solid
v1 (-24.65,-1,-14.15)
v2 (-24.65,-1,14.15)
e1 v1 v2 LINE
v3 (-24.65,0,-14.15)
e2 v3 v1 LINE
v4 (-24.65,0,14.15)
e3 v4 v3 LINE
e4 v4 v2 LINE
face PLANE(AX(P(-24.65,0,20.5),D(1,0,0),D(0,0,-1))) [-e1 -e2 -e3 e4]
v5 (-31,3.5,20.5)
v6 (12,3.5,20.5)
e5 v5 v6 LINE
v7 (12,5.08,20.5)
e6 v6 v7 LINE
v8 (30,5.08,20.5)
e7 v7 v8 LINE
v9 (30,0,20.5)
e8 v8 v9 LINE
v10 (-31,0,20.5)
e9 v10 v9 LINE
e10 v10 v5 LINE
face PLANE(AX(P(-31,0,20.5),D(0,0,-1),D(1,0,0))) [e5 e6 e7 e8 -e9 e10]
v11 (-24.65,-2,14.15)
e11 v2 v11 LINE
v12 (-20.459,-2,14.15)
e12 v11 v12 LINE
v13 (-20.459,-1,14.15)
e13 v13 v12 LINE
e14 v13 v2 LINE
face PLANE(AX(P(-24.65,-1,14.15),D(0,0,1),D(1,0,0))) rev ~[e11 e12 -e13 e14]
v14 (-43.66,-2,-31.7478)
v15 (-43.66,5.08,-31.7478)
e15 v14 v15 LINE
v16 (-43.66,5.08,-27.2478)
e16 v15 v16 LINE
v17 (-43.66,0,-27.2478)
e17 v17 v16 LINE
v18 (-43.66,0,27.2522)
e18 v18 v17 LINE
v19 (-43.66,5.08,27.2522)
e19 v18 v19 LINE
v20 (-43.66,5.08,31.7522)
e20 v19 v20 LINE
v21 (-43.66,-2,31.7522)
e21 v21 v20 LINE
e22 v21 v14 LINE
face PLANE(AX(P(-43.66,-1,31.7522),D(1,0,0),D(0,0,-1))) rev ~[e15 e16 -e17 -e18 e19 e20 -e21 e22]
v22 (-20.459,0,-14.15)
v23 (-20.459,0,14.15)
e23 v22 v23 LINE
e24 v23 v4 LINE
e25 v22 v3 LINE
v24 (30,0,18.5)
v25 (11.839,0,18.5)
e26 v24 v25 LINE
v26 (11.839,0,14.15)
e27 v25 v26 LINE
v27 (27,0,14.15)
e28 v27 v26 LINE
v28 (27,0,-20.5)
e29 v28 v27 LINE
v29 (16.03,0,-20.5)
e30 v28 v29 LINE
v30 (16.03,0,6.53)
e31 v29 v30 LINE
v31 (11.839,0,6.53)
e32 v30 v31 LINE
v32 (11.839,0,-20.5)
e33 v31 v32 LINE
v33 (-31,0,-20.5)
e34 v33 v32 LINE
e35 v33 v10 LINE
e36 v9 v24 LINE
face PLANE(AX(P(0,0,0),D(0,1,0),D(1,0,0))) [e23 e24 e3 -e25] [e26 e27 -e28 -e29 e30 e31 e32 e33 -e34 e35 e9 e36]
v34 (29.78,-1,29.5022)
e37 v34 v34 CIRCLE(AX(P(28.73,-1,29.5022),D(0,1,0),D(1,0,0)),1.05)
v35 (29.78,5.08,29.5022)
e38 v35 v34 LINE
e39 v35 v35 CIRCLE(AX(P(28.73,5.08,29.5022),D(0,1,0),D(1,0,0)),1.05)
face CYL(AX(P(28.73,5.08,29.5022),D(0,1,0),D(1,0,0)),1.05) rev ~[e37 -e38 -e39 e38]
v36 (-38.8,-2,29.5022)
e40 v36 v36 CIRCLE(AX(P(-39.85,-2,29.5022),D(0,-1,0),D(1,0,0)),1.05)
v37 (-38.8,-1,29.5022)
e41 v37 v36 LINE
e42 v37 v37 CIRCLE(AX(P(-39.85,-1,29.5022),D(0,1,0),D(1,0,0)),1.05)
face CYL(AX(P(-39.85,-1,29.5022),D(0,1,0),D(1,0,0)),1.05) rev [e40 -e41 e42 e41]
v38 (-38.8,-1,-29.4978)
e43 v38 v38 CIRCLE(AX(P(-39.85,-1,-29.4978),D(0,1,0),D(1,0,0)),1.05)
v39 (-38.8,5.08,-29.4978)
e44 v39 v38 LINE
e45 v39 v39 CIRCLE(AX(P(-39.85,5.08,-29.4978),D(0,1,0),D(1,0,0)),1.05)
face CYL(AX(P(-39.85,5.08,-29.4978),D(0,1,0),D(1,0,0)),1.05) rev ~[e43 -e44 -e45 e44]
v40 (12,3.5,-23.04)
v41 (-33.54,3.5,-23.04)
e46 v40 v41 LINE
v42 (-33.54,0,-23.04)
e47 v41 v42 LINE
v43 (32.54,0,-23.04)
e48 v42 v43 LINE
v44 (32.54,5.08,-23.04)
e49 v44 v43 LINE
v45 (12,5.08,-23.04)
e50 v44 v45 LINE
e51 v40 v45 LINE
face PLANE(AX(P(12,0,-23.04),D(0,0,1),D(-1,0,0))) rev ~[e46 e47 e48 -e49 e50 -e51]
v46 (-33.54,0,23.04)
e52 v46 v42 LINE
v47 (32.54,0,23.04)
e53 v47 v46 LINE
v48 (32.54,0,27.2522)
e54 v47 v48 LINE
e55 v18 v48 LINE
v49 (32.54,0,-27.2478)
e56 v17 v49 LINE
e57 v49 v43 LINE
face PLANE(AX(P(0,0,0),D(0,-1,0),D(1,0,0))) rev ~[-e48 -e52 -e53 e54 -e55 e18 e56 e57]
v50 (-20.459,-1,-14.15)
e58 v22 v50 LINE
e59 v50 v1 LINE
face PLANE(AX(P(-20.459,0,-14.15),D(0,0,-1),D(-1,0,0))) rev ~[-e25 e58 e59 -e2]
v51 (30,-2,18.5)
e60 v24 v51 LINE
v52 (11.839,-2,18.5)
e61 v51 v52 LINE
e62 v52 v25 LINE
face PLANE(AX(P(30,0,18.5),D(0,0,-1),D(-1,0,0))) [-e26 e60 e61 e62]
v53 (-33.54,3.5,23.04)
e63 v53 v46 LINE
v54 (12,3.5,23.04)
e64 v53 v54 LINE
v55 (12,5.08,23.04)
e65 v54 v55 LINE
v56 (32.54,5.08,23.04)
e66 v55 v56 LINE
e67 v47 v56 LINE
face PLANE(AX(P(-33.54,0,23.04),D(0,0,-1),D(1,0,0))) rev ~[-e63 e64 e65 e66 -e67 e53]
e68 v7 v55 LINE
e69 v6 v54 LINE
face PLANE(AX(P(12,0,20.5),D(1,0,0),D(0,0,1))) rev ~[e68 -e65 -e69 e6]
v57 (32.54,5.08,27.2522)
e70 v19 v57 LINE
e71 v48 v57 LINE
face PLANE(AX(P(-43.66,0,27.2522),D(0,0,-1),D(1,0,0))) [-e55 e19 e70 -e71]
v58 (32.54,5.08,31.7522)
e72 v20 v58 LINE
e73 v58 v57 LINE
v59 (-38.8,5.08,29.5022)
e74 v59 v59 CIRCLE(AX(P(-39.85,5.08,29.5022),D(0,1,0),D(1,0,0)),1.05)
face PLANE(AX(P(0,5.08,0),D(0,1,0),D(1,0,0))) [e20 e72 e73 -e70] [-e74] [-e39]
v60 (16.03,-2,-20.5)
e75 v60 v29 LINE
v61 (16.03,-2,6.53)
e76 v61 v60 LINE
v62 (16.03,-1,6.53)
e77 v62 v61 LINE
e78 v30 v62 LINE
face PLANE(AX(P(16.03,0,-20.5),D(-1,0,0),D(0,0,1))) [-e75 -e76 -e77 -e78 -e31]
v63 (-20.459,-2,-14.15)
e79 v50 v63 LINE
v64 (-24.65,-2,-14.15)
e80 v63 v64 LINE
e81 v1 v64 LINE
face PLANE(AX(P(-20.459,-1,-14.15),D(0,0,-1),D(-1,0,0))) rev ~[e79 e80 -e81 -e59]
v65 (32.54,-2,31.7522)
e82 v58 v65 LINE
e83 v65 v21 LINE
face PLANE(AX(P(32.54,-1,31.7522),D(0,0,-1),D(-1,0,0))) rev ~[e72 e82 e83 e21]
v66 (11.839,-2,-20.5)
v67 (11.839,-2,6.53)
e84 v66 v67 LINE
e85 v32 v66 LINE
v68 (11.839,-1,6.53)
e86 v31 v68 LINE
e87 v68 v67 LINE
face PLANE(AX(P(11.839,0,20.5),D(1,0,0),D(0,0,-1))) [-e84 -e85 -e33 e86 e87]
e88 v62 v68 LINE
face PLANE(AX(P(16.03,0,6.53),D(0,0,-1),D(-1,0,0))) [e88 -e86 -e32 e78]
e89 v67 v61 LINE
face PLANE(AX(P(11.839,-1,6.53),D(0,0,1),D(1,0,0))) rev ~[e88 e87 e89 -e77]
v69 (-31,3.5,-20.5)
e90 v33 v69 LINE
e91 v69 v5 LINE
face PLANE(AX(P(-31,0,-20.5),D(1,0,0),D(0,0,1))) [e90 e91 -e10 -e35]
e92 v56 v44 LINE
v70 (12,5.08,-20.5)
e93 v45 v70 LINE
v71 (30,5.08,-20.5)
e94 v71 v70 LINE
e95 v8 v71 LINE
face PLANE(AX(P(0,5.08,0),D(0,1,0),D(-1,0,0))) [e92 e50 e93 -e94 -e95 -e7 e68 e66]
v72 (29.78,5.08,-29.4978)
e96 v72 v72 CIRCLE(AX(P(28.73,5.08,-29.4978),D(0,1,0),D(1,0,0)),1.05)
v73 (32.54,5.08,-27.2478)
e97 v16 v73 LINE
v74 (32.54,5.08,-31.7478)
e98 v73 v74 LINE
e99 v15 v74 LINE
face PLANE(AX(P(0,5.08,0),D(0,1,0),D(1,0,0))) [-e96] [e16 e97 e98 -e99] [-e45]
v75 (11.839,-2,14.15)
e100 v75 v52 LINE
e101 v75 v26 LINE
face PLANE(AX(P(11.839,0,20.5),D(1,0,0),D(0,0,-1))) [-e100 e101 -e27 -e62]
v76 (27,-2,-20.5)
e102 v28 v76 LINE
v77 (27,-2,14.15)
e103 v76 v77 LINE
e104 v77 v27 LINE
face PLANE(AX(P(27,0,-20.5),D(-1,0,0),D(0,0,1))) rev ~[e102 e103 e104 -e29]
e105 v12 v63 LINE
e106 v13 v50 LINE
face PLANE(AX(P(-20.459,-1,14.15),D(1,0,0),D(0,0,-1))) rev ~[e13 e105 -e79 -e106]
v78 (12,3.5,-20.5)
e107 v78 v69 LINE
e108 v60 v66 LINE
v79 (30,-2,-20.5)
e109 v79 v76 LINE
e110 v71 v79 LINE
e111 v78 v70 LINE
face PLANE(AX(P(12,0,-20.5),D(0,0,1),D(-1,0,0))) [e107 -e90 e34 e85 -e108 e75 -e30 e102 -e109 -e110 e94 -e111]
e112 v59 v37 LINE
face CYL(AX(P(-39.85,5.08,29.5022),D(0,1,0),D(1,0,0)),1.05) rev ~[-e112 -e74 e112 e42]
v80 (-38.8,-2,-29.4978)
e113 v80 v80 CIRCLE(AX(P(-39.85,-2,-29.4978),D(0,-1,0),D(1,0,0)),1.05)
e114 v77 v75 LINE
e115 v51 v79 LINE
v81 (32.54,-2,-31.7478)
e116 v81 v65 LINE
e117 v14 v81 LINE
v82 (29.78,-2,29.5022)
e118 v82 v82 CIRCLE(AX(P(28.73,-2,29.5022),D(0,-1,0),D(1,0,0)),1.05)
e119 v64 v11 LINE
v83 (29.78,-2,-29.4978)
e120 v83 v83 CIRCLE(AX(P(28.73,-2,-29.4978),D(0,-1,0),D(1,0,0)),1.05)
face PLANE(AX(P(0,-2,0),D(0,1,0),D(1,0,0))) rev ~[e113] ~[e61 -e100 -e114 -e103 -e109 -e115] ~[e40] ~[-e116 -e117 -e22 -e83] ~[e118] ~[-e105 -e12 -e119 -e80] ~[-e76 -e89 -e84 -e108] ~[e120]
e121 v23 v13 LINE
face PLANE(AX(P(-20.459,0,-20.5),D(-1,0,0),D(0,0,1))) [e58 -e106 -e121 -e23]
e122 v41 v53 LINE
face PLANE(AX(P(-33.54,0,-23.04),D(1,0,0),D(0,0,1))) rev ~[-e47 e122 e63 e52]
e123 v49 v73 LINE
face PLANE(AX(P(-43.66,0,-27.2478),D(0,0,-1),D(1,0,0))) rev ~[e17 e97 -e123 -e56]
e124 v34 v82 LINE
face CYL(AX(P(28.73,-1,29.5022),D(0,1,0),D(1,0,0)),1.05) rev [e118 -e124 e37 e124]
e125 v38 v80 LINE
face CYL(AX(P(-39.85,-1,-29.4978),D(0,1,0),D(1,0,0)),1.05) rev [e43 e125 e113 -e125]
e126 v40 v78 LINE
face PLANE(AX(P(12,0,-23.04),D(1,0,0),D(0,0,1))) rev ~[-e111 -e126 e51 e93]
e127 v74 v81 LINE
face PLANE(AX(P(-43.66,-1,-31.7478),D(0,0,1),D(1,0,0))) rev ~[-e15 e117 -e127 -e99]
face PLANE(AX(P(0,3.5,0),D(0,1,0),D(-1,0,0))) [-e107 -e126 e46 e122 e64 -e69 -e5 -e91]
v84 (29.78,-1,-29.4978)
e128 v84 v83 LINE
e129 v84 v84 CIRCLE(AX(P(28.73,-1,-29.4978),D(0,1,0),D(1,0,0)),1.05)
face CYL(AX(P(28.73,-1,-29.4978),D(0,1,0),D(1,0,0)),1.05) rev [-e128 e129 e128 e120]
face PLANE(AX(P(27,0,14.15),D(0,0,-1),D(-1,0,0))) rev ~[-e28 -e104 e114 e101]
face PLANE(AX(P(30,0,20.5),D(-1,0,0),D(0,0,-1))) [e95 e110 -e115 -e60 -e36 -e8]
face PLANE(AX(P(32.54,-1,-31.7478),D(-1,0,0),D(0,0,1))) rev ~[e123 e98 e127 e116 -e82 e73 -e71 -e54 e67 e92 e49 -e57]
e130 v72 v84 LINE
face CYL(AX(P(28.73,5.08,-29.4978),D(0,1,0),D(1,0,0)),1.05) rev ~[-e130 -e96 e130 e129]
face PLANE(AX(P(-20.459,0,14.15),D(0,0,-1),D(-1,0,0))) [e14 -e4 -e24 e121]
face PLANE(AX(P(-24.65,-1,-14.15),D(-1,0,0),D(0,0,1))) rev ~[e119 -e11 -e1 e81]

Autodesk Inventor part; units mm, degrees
ref_plane "YZ Plane" through (0, 0, 0) normal (1, 0, 0) x (0, 1, 0)
ref_plane "XZ Plane" through (0, 0, 0) normal (0, 1, 0) x (-1, 0, 0)
ref_plane "XY Plane" through (0, 0, 0) normal (0, 0, 1) x (1, 0, 0)
sketch "Sketch1" plane through (0, 0, 0) normal (0, 1, 0) x (-1, 0, 0)
  line L0 (31, 20.5) -> (-30, 20.5)
  line L1 (-30, 20.5) -> (-30, -20.5)
  line L2 (-30, -20.5) -> (31, -20.5)
  line L3 (31, -20.5) -> (31, 20.5)
  line L4 (33.54, 23.04) -> (-32.54, 23.04)
  line L5 (-32.54, 23.04) -> (-32.54, -23.04)
  line L6 (-32.54, -23.04) -> (33.54, -23.04)
  line L7 (33.54, -23.04) -> (33.54, 23.04)
  line L8 (-12, -20.5) -> (-12, 20.5)
  line L9 (-12, -23.04) -> (-12, -20.5)
  line L10 (-12, 20.5) -> (-12, 23.04)
  point P0 (0, 0)
  dimension "d0" = 41
  dimension "d1" = 61
  dimension "d2" = 20.5
  dimension "d3" = 31
  dimension "d4" = 2.54
  dimension "d9" = 18
  dimension "d48" = 46.08
extrude "Extrusion1" add sketch "Sketch1" along normal blind 3.5 contours L0 L10 L4 L7 L6 L9 L2 L3
extrude "Extrusion3" add sketch "Sketch1" along normal blind 5.08 contours L0 L1 L2 L9 L6 L5 L4 L10
sketch "Sketch3" plane through (0, 0, 0) normal (0, -1, 0) x (1, 0, 0)
  line L0 (-31, -20.5) -> (30, -20.5) projected
  line L1 (-31, 20.5) -> (-31, -20.5) projected
  line L2 (30, 20.5) -> (-31, 20.5) projected
  line L3 (30, -20.5) -> (30, 20.5) projected
  line L4 (32.54, -23.04) -> (-33.54, -23.04) projected
  line L5 (32.54, 23.04) -> (32.54, -23.04) projected
  line L6 (-33.54, 23.04) -> (32.54, 23.04) projected
  line L7 (-33.54, -23.04) -> (-33.54, 23.04) projected
  point P0 (0, 0)
extrude "Extrusion4" add sketch "Sketch3" along normal blind 1 contours L1 L2 L3 L0 | L4 L7 L6 L5
sketch "Sketch4" plane through (0, 0, 0) normal (0, 1, 0) x (1, 0, 0)
  line L0 (12, -20.5) -> (-31, -20.5) projected
  line L1 (-31, -20.5) -> (-31, 20.5) projected
  line L2 (30, 20.5) -> (30, -20.5) projected
  line L3 (30, -20.5) -> (12, -20.5) projected
  line L4 (-31, 20.5) -> (12, 20.5) projected
  line L5 (-24.65, 20.5) -> (-20.459, 20.5)
  line L6 (-20.459, 20.5) -> (-20.459, -20.5)
  line L7 (-20.459, -20.5) -> (-24.65, -20.5)
  line L8 (-24.65, -20.5) -> (-24.65, 20.5)
  line L9 (16.03, -20.5) -> (11.839, -20.5)
  line L10 (11.839, -20.5) -> (11.839, 20.5)
  line L11 (11.839, 20.5) -> (16.03, 20.5)
  line L12 (16.03, 20.5) -> (16.03, -20.5)
  point P0 (0, 0)
  point P1 (-24.65, -20.5)
  dimension "d31" = 4.191
  dimension "d37" = 4.191
  dimension "d38" = 13.97
  dimension "d45" = 6.35
extrude "Extrusion5" cut sketch "Sketch4" against normal blind 25.4 contours L0 L10 L4 L11 L12 L3 | L0 L8 L4 L6
sketch "Sketch6" plane through (0, 0, 0) normal (0, 1, 0) x (1, 0, 0)
  line L0 (30, 20.5) -> (-31, 20.5) projected
  line L1 (30, -20.5) -> (16.03, -20.5) projected
  line L2 (30, 20.5) -> (27, 20.5)
  line L3 (27, 20.5) -> (27, -20.5)
  line L4 (27, -20.5) -> (30, -20.5)
  line L5 (30, -20.5) -> (30, 20.5)
  point P0 (0, 0)
  dimension "d33" = 3
extrude "Extrusion7" cut sketch "Sketch6" against normal blind 25.4
sketch "Sketch7" plane through (0, 0, 0) normal (0, 1, 0) x (1, 0, 0)
  line L0 (11.839, -20.5) -> (16.03, -20.5) projected
  line L1 (27, -20.5) -> (27, 20.5) projected
  line L2 (16.03, -20.5) -> (27, -20.5)
  line L3 (27, -20.5) -> (27, -16.69)
  line L4 (27, -16.69) -> (16.03, -16.69)
  line L5 (16.03, -16.69) -> (16.03, -20.5)
  line L6 (27, -20.5) -> (16.03, -20.5) projected
  line L7 (19.6495, -16.69) -> (22.1895, -16.69)
  line L8 (22.1895, -20.5) -> (19.6495, -20.5)
  point P0 (0, 0)
  dimension "d39" = 3.81
  dimension "d41" = 10.97
extrude "Extrusion8" cut sketch "Sketch7" against normal blind 25.4
sketch "Sketch9" plane through (0, -1, 0) normal (0, -1, 0) x (1, 0, 0)
  line L0 (32.54, 31.7522) -> (-43.66, 31.7522)
  line L1 (-43.66, 31.7522) -> (-43.66, -31.7478)
  line L2 (-43.66, -31.7478) -> (32.54, -31.7478)
  line L3 (32.54, -31.7478) -> (32.54, 31.7522)
  line L4 (32.54, -23.04) -> (32.54, 23.04) projected
  line L5 (-33.54, 23.04) -> (-33.54, -23.04) projected
  line L6 (27, 16.69) -> (16.03, 16.69) projected
  line L7 (16.03, 16.69) -> (16.03, -20.5) projected
  line L8 (16.03, -20.5) -> (11.839, -20.5) projected
  line L9 (11.839, -20.5) -> (11.839, 20.5) projected
  line L10 (11.839, 20.5) -> (30, 20.5) projected
  line L11 (30, 20.5) -> (30, -20.5) projected
  line L12 (30, -20.5) -> (27, -20.5) projected
  line L13 (27, -20.5) -> (27, 16.69) projected
  line L14 (-20.459, 20.5) -> (-20.459, -20.5) projected
  line L15 (-20.459, -20.5) -> (-24.65, -20.5) projected
  line L16 (-24.65, -20.5) -> (-24.65, 20.5) projected
  line L17 (-24.65, 20.5) -> (-20.459, 20.5) projected
  line L18 (32.54, 23.04) -> (-33.54, 23.04) projected
  line L19 (-33.54, 23.04) -> (-33.54, -23.04) projected
  line L20 (-33.54, -23.04) -> (32.54, -23.04) projected
  line L21 (32.54, -23.04) -> (32.54, 23.04) projected
  point P0 (0, 0)
  point P1 (-33.54, -23.04)
  dimension "d46" = 0
  dimension "d49" = 8.7122
  dimension "d50" = 63.5
  dimension "d51" = 8.7078
  dimension "d52" = 76.2
extrude "Extrusion9" add sketch "Sketch9" against normal blind 1 contours L3 L18 L5 L20 L2 L1 L0
sketch "Sketch10" plane through (0, 0, 0) normal (0, 1, 0) x (1, 0, 0)
  circle A0 centre (-39.85, 29.4978) radius 1.05
  line L0 (-43.66, 31.7478) -> (-43.66, 27.2478)
  circle A1 centre (-39.85, -29.5022) radius 1.05
  line L1 (-43.66, -27.2522) -> (-43.66, -31.7522)
  circle A2 centre (28.73, 29.4978) radius 1.05
  line L2 (32.54, 27.2478) -> (32.54, 31.7478)
  line L3 (-43.66, 27.2478) -> (32.54, 27.2478)
  circle A3 centre (28.73, -29.5022) radius 1.05
  line L4 (-43.66, -31.7522) -> (32.54, -31.7522)
  line L5 (32.54, -31.7522) -> (32.54, -27.2522)
  line L6 (-43.66, 31.7478) -> (-43.66, -31.7522)
  line L7 (-43.66, -31.7522) -> (32.54, -31.7522)
  line L8 (32.54, 31.7478) -> (32.54, -31.7522)
  line L9 (-43.66, 31.7478) -> (32.54, 31.7478)
  line L10 (-43.66, 31.7478) -> (-43.66, -31.7522) projected
  line L11 (-43.66, -31.7522) -> (32.54, -31.7522) projected
  line L12 (32.54, -31.7522) -> (-43.66, -31.7522)
  line L13 (-43.66, -31.7522) -> (-43.66, -27.2522)
  line L14 (-43.66, -27.2522) -> (32.54, -27.2522)
  line L15 (32.54, -27.2522) -> (32.54, -31.7522)
  point P0 (32.54, -0.0022)
  dimension "d55" = 2.1
  dimension "d56" = 3.81
  dimension "d57" = 2.25
  dimension "d58" = 2.25
  dimension "d59" = 2.1
  dimension "d60" = 3.81
  dimension "d61" = 2.1
  dimension "d62" = 2.1
  dimension "d63" = 3.81
  dimension "d64" = 3.81
  dimension "d65" = 2.25
  dimension "d66" = 2.25
  dimension "d67" = 4.5
  dimension "d68" = 4.5
extrude "Extrusion10" add sketch "Sketch10" along normal blind 5.08 contours L9 L2 L3 L0 | L14 L5 L4 L1
sketch "Sketch11" plane through (0, 5.08, 0) normal (0, 1, 0) x (1, 0, 0)
  line L0 (-43.66, 31.7478) -> (-43.66, 27.2478) projected
  line L1 (-43.66, 27.2478) -> (32.54, 27.2478) projected
  line L2 (32.54, 27.2478) -> (32.54, 31.7478) projected
  line L3 (32.54, 31.7478) -> (-43.66, 31.7478) projected
  circle A0 centre (-39.85, 29.4978) radius 1.05 projected
  circle A1 centre (28.73, 29.4978) radius 1.05 projected
  line L4 (-43.66, -27.2522) -> (-43.66, -31.7522) projected
  line L5 (-43.66, -31.7522) -> (32.54, -31.7522) projected
  line L6 (32.54, -31.7522) -> (32.54, -27.2522) projected
  line L7 (32.54, -27.2522) -> (-43.66, -27.2522) projected
  circle A2 centre (28.73, -29.5022) radius 1.05 projected
  circle A3 centre (-39.85, -29.5022) radius 1.05 projected
  point P0 (0, 0)
extrude "Extrusion11" cut sketch "Sketch11" against normal blind 25.4 contours A0 | A1 | A2 | A3
sketch "Sketch12" plane through (0, 0, 0) normal (0, 1, 0) x (1, 0, 0)
  line L0 (16.03, -16.69) -> (16.03, 20.5) projected
  line L1 (27, 20.5) -> (27, -16.69) projected
  line L2 (16.03, -16.69) -> (27, -16.69)
  line L3 (27, -16.69) -> (27, -14.15)
  line L4 (27, -14.15) -> (16.03, -14.15)
  line L5 (16.03, -14.15) -> (16.03, -16.69)
  line L6 (11.839, 20.5) -> (11.839, -20.5) projected
  line L7 (11.839, -14.15) -> (16.03, -14.15)
  line L8 (16.03, -14.15) -> (16.03, -6.53)
  line L9 (16.03, -6.53) -> (11.839, -6.53)
  line L10 (11.839, -6.53) -> (11.839, -14.15)
  line L11 (30, -20.5) -> (12, -20.5) projected
  line L12 (-24.65, -20.5) -> (-24.65, 20.5) projected
  line L13 (-20.459, -20.5) -> (-20.459, 20.5) projected
  line L14 (-24.65, -20.5) -> (-20.459, -20.5)
  line L15 (-20.459, -20.5) -> (-20.459, -14.15)
  line L16 (-20.459, -14.15) -> (-24.65, -14.15)
  line L17 (-24.65, -14.15) -> (-24.65, -20.5)
  line L18 (-24.65, 20.5) -> (-20.459, 20.5)
  line L19 (-20.459, 20.5) -> (-20.459, 14.15)
  line L20 (-20.459, 14.15) -> (-24.65, 14.15)
  line L21 (-24.65, 14.15) -> (-24.65, 20.5)
  point P0 (0, 0)
  point P1 (27, -16.69)
  point P2 (11.839, -6.53)
  point P3 (21, -20.5)
  point P4 (13.9345, -14.15)
  dimension "d78" = 2.54
  dimension "d79" = 0
  dimension "d80" = 7.62
  dimension "d81" = 6.35
  dimension "d82" = 6.35
extrude "Extrusion12" cut sketch "Sketch12" against normal blind 25.4 contours L0 L4 L1 L2
extrude "Extrusion13" add sketch "Sketch12" against normal blind 1 contours L7 L6 L9 L0 | L12 L16 L13 L14 | L12 L18 L13 L20
sketch "Sketch13" plane through (0, -1, 0) normal (0, -1, 0) x (1, 0, 0)
  line L0 (11.839, 20.5) -> (-31, 20.5) projected
  line L1 (16.03, 6.53) -> (16.03, -20.5) projected
  line L2 (16.03, -20.5) -> (11.839, -20.5) projected
  line L3 (11.839, -20.5) -> (11.839, 6.53) projected
  line L4 (11.839, 6.53) -> (16.03, 6.53) projected
  line L5 (32.54, -31.7478) -> (32.54, 31.7522) projected
  line L6 (32.54, 31.7522) -> (-43.66, 31.7522) projected
  line L7 (-43.66, 31.7522) -> (-43.66, -31.7478) projected
  line L8 (-43.66, -31.7478) -> (32.54, -31.7478) projected
  line L9 (-20.459, 14.15) -> (-20.459, -14.15) projected
  line L10 (-20.459, -14.15) -> (-24.65, -14.15) projected
  line L11 (-24.65, -14.15) -> (-24.65, 14.15) projected
  line L12 (-24.65, 14.15) -> (-20.459, 14.15) projected
  line L13 (27, 14.15) -> (11.839, 14.15) projected
  line L14 (11.839, 14.15) -> (11.839, 20.5) projected
  line L15 (11.839, 20.5) -> (30, 20.5) projected
  line L16 (30, 20.5) -> (30, -20.5) projected
  line L17 (30, -20.5) -> (27, -20.5) projected
  line L18 (27, -20.5) -> (27, 14.15) projected
  circle A0 centre (28.73, 29.5022) radius 1.05 projected
  circle A1 centre (28.73, -29.4978) radius 1.05 projected
  circle A2 centre (-39.85, 29.5022) radius 1.05 projected
  circle A3 centre (-39.85, -29.4978) radius 1.05 projected
  point P0 (0, 0)
extrude "Extrusion14" add sketch "Sketch13" along normal blind 1
sketch "Sketch14" plane through (0, 0, 0) normal (0, 1, 0) x (1, 0, 0)
  line L0 (11.839, -14.15) -> (11.839, -20.5) projected
  line L1 (30, -20.5) -> (30, 20.5) projected
  line L2 (11.839, -20.5) -> (30, -20.5)
  line L3 (30, -20.5) -> (30, -18.5)
  line L4 (30, -18.5) -> (11.839, -18.5)
  line L5 (11.839, -18.5) -> (11.839, -20.5)
  point P0 (0, 0)
  dimension "d86" = 2
extrude "Extrusion15" add sketch "Sketch14" against normal blind 2
properties part number "RFID_Bottom"
